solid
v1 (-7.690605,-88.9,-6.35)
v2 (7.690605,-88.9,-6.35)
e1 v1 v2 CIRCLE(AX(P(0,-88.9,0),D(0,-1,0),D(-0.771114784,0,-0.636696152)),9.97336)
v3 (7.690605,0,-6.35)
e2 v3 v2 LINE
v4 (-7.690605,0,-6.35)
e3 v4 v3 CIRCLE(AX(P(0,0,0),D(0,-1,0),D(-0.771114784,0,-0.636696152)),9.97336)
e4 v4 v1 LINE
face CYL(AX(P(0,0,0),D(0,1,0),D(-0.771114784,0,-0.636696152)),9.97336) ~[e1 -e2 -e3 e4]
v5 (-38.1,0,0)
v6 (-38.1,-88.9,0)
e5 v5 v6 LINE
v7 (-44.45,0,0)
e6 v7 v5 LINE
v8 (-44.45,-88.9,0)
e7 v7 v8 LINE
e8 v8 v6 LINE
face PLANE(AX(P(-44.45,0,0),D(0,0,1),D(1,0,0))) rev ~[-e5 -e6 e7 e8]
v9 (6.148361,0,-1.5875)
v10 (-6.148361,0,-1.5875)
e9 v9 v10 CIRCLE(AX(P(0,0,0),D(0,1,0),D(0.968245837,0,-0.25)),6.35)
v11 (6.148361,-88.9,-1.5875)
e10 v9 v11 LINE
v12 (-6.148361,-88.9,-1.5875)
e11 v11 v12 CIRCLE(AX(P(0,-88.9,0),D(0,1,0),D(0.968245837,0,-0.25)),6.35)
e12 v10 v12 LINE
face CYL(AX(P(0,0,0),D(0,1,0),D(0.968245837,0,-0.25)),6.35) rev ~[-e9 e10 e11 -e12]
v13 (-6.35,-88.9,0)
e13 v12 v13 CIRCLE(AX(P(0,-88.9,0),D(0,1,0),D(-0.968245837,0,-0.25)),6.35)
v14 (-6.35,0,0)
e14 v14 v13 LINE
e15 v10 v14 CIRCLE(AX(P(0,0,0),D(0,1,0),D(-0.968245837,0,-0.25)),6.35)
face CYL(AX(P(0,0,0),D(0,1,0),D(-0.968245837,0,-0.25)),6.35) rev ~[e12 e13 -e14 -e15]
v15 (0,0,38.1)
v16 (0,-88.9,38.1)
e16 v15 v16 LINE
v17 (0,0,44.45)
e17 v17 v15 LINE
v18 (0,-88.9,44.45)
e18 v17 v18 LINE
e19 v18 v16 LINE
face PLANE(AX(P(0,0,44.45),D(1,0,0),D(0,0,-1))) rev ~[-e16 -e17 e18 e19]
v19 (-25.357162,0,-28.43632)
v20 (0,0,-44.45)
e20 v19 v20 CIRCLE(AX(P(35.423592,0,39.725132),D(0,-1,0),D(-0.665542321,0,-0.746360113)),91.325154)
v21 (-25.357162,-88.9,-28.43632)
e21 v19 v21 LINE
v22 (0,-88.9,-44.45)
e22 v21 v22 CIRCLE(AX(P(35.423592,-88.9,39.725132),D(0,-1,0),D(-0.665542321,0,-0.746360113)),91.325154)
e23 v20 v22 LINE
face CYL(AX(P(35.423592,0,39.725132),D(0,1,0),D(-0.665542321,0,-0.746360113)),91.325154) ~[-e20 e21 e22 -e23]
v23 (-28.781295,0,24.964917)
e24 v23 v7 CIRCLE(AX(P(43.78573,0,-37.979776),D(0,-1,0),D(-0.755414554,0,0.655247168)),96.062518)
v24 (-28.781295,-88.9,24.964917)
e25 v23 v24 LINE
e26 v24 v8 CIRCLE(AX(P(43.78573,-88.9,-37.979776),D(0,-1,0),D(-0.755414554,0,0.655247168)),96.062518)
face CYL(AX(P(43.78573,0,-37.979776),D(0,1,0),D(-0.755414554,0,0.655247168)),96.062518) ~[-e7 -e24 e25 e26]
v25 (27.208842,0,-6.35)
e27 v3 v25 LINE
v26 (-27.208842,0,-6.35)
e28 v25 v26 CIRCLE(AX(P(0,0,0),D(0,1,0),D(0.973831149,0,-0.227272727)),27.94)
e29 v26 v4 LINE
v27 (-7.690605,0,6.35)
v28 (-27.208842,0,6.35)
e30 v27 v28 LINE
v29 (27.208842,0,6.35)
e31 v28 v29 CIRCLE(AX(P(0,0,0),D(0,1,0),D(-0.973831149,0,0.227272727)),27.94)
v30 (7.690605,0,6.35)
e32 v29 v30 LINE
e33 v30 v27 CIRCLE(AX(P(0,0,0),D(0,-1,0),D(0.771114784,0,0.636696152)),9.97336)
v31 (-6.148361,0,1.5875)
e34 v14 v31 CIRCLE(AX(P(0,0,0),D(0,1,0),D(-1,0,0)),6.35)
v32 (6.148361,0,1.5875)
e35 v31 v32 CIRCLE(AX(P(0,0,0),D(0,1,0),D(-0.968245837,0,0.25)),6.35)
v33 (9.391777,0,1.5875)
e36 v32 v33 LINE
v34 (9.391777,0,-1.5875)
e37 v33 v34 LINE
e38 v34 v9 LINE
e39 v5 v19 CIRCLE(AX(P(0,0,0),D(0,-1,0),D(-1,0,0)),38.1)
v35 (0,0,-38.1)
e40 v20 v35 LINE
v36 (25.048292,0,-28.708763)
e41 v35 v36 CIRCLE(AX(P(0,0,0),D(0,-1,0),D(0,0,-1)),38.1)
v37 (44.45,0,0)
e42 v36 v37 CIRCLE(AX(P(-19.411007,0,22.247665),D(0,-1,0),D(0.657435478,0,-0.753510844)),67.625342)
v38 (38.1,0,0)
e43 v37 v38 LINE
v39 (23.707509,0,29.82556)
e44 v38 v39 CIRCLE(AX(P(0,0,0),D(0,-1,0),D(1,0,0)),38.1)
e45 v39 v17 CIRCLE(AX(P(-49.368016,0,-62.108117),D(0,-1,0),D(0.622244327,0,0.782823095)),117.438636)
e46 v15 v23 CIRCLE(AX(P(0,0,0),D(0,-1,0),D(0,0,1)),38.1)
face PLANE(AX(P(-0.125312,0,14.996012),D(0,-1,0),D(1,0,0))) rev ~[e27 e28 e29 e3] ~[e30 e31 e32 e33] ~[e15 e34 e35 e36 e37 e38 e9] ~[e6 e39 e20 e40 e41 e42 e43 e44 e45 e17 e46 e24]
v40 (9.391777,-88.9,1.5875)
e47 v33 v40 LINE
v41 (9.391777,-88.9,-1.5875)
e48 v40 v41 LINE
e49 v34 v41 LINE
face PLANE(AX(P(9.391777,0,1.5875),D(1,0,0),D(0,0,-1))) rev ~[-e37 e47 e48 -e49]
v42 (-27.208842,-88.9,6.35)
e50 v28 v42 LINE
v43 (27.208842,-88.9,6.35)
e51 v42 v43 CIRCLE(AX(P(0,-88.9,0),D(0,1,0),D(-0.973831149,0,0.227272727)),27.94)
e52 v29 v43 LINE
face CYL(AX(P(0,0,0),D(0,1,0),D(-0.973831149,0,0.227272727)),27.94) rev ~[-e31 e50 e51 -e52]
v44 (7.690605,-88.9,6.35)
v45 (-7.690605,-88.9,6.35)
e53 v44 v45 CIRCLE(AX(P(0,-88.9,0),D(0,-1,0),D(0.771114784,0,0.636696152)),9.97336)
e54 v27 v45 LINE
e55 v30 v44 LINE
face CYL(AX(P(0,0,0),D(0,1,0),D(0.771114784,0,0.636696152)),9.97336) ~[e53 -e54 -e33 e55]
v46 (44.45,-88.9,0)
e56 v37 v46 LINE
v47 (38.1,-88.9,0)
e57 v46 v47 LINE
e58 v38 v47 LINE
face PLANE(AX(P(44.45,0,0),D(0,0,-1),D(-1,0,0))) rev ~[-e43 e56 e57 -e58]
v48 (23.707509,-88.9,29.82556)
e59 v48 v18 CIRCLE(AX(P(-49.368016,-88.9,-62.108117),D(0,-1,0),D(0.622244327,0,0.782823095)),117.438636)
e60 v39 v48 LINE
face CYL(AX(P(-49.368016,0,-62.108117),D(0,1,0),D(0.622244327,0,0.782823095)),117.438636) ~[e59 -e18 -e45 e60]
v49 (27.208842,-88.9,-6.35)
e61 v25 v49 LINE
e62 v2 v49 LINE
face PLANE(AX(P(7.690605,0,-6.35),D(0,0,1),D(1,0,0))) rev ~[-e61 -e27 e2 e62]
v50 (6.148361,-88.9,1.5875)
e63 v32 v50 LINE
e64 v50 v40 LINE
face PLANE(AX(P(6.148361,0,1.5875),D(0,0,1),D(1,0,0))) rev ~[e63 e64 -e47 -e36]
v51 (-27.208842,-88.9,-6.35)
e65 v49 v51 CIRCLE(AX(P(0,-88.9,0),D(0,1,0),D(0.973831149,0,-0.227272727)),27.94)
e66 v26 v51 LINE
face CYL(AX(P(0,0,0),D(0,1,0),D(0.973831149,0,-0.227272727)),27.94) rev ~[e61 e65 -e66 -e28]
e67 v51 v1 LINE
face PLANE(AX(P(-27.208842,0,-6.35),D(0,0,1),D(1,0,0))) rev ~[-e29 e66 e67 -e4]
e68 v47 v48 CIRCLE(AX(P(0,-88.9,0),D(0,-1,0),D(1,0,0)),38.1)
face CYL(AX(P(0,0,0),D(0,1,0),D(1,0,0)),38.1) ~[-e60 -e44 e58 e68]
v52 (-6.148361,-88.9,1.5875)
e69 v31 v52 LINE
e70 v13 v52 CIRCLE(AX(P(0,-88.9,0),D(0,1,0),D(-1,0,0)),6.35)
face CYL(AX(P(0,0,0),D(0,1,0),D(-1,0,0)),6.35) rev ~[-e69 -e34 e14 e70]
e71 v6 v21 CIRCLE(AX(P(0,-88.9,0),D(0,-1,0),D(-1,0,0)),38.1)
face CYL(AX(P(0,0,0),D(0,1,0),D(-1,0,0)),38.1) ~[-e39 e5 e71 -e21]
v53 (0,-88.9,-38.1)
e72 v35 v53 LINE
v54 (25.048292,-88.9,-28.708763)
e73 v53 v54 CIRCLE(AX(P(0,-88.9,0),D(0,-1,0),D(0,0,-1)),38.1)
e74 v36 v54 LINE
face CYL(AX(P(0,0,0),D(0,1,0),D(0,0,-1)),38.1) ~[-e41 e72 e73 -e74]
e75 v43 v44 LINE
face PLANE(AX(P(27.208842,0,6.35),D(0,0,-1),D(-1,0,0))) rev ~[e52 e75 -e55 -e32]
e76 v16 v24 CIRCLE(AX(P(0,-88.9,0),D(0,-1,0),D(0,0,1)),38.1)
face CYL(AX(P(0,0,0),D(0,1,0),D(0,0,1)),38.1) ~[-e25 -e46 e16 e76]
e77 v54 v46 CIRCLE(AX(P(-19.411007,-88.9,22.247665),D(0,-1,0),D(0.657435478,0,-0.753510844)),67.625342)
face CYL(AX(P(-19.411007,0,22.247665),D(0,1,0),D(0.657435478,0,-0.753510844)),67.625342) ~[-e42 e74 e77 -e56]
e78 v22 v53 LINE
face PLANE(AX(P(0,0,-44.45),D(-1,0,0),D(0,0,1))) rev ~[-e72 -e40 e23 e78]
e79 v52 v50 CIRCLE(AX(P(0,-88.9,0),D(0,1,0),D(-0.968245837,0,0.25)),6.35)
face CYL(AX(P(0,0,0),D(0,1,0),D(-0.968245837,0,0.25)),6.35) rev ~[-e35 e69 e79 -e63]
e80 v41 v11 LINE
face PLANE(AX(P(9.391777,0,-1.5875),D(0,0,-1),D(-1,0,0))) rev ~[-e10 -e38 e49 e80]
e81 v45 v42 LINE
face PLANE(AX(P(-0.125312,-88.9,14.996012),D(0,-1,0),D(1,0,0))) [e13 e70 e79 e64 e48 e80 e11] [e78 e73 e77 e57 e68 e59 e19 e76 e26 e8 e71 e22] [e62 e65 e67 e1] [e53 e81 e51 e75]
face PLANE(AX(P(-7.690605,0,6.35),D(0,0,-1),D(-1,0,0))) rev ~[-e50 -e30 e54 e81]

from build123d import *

# Parameters (mm, degrees)
F1_DEPTH = 88.9


with BuildPart() as f1:
    # F0 (on Front) → F1 (new body)
    with BuildSketch(Plane.XZ):
        with BuildLine():
            Line((9.9733600981, 0), (38.1, 0))
            ThreePointArc((38.1, 0), (34.3137442359, 16.5582896616), (23.7075088443, 29.8255599176))
            ThreePointArc((23.7075088443, 29.8255599176), (12.5550023325, 35.9719601416), (0, 38.1))
            ThreePointArc((0, 38.1), (-15.8184490109, 34.6610252429), (-28.7812945128, 24.9649171071))
            ThreePointArc((-28.7812945128, 24.9649171071), (-35.6943785556, 13.3237134287), (-38.1, 0))
            Line((-38.1, 0), (-9.9733600981, 0))
            ThreePointArc((-9.9733600981, 0), (-9.38533667, 3.3739246044), (-7.6906054148, 6.35))
            Line((-7.6906054148, 6.35), (-27.2088423127, 6.35))
            ThreePointArc((-27.2088423127, 6.35), (0, 27.94), (27.2088423127, 6.35))
            Line((27.2088423127, 6.35), (7.6906054148, 6.35))
            ThreePointArc((7.6906054148, 6.35), (9.38533667, 3.3739246044), (9.9733600981, 0))
        make_face()
        with BuildLine():
            Line((44.45, 0), (38.1, 0))
            ThreePointArc((38.1, 0), (34.6839293822, -15.7681654802), (25.0482917265, -28.7087631497))
            ThreePointArc((25.0482917265, -28.7087631497), (36.6190780289, -15.6181029752), (44.45, 0))
        make_face()
        with BuildLine():
            ThreePointArc((25.0482917265, -28.7087631497), (34.6839293822, -15.7681654802), (38.1, 0))
            Line((38.1, 0), (9.9733600981, 0))
            ThreePointArc((9.9733600981, 0), (9.38533667, -3.3739246044), (7.6906054148, -6.35))
            Line((7.6906054148, -6.35), (27.2088423127, -6.35))
            ThreePointArc((27.2088423127, -6.35), (0, -27.94), (-27.2088423127, -6.35))
            Line((-27.2088423127, -6.35), (-7.6906054148, -6.35))
            ThreePointArc((-7.6906054148, -6.35), (-9.38533667, -3.3739246044), (-9.9733600981, 0))
            Line((-9.9733600981, 0), (-38.1, 0))
            ThreePointArc((-38.1, 0), (-34.7686488709, -15.5804703297), (-25.3571624308, -28.4363203221))
            ThreePointArc((-25.3571624308, -28.4363203221), (-13.5680911651, -35.6022036135), (0, -38.1))
            ThreePointArc((0, -38.1), (13.3754649265, -35.6750184023), (25.0482917265, -28.7087631497))
        make_face()
        with BuildLine():
            ThreePointArc((0, 38.1), (12.5550023325, 35.9719601416), (23.7075088443, 29.8255599176))
            ThreePointArc((23.7075088443, 29.8255599176), (12.2888873877, 37.8431689221), (0, 44.45))
            Line((0, 44.45), (0, 38.1))
        make_face()
        with BuildLine():
            Line((0, -44.45), (0, -38.1))
            ThreePointArc((0, -38.1), (-13.5680911651, -35.6022036135), (-25.3571624308, -28.4363203221))
            ThreePointArc((-25.3571624308, -28.4363203221), (-13.3404167742, -37.491156131), (0, -44.45))
        make_face()
        with BuildLine():
            ThreePointArc((-38.1, 0), (-35.6943785556, 13.3237134287), (-28.7812945128, 24.9649171071))
            ThreePointArc((-28.7812945128, 24.9649171071), (-37.5788399133, 13.0869861794), (-44.45, 0))
            Line((-44.45, 0), (-38.1, 0))
        make_face()
        with BuildLine():
            ThreePointArc((7.6906054148, -6.35), (9.38533667, -3.3739246044), (9.9733600981, 0))
            Line((9.9733600981, 0), (9.3917766557, 0))
            Line((9.3917766557, 0), (9.3917766557, -1.5875))
            Line((9.3917766557, -1.5875), (6.1483610621, -1.5875))
            ThreePointArc((6.1483610621, -1.5875), (0, -6.35), (-6.1483610621, -1.5875))
            Line((-6.1483610621, -1.5875), (-9.3917766557, -1.5875))
            Line((-9.3917766557, -1.5875), (-9.3917766557, 0))
            Line((-9.3917766557, 0), (-9.9733600981, 0))
            ThreePointArc((-9.9733600981, 0), (-9.38533667, -3.3739246044), (-7.6906054148, -6.35))
            ThreePointArc((-7.6906054148, -6.35), (0, -9.9733600981), (7.6906054148, -6.35))
        make_face()
        with BuildLine():
            Line((9.3917766557, 0), (9.9733600981, 0))
            ThreePointArc((9.9733600981, 0), (9.38533667, 3.3739246044), (7.6906054148, 6.35))
            ThreePointArc((7.6906054148, 6.35), (0, 9.9733600981), (-7.6906054148, 6.35))
            ThreePointArc((-7.6906054148, 6.35), (-9.38533667, 3.3739246044), (-9.9733600981, 0))
            Line((-9.9733600981, 0), (-9.3917766557, 0))
            Line((-9.3917766557, 0), (-9.3917766557, 1.5875))
            Line((-9.3917766557, 1.5875), (-6.1483610621, 1.5875))
            ThreePointArc((-6.1483610621, 1.5875), (0, 6.35), (6.1483610621, 1.5875))
            Line((6.1483610621, 1.5875), (9.3917766557, 1.5875))
            Line((9.3917766557, 1.5875), (9.3917766557, 0))
        make_face()
        with BuildLine():
            Line((-9.3917766557, 0), (-6.35, 0))
            ThreePointArc((-6.35, 0), (-6.2993885713, 0.8001272573), (-6.1483610621, 1.5875))
            Line((-6.1483610621, 1.5875), (-9.3917766557, 1.5875))
            Line((-9.3917766557, 1.5875), (-9.3917766557, 0))
        make_face()
        with BuildLine():
            ThreePointArc((-6.1483610621, -1.5875), (-6.2993885713, -0.8001272573), (-6.35, 0))
            Line((-6.35, 0), (-9.3917766557, 0))
            Line((-9.3917766557, 0), (-9.3917766557, -1.5875))
            Line((-9.3917766557, -1.5875), (-6.1483610621, -1.5875))
        make_face()
    extrude(amount=F1_DEPTH)


solid = f1.part
